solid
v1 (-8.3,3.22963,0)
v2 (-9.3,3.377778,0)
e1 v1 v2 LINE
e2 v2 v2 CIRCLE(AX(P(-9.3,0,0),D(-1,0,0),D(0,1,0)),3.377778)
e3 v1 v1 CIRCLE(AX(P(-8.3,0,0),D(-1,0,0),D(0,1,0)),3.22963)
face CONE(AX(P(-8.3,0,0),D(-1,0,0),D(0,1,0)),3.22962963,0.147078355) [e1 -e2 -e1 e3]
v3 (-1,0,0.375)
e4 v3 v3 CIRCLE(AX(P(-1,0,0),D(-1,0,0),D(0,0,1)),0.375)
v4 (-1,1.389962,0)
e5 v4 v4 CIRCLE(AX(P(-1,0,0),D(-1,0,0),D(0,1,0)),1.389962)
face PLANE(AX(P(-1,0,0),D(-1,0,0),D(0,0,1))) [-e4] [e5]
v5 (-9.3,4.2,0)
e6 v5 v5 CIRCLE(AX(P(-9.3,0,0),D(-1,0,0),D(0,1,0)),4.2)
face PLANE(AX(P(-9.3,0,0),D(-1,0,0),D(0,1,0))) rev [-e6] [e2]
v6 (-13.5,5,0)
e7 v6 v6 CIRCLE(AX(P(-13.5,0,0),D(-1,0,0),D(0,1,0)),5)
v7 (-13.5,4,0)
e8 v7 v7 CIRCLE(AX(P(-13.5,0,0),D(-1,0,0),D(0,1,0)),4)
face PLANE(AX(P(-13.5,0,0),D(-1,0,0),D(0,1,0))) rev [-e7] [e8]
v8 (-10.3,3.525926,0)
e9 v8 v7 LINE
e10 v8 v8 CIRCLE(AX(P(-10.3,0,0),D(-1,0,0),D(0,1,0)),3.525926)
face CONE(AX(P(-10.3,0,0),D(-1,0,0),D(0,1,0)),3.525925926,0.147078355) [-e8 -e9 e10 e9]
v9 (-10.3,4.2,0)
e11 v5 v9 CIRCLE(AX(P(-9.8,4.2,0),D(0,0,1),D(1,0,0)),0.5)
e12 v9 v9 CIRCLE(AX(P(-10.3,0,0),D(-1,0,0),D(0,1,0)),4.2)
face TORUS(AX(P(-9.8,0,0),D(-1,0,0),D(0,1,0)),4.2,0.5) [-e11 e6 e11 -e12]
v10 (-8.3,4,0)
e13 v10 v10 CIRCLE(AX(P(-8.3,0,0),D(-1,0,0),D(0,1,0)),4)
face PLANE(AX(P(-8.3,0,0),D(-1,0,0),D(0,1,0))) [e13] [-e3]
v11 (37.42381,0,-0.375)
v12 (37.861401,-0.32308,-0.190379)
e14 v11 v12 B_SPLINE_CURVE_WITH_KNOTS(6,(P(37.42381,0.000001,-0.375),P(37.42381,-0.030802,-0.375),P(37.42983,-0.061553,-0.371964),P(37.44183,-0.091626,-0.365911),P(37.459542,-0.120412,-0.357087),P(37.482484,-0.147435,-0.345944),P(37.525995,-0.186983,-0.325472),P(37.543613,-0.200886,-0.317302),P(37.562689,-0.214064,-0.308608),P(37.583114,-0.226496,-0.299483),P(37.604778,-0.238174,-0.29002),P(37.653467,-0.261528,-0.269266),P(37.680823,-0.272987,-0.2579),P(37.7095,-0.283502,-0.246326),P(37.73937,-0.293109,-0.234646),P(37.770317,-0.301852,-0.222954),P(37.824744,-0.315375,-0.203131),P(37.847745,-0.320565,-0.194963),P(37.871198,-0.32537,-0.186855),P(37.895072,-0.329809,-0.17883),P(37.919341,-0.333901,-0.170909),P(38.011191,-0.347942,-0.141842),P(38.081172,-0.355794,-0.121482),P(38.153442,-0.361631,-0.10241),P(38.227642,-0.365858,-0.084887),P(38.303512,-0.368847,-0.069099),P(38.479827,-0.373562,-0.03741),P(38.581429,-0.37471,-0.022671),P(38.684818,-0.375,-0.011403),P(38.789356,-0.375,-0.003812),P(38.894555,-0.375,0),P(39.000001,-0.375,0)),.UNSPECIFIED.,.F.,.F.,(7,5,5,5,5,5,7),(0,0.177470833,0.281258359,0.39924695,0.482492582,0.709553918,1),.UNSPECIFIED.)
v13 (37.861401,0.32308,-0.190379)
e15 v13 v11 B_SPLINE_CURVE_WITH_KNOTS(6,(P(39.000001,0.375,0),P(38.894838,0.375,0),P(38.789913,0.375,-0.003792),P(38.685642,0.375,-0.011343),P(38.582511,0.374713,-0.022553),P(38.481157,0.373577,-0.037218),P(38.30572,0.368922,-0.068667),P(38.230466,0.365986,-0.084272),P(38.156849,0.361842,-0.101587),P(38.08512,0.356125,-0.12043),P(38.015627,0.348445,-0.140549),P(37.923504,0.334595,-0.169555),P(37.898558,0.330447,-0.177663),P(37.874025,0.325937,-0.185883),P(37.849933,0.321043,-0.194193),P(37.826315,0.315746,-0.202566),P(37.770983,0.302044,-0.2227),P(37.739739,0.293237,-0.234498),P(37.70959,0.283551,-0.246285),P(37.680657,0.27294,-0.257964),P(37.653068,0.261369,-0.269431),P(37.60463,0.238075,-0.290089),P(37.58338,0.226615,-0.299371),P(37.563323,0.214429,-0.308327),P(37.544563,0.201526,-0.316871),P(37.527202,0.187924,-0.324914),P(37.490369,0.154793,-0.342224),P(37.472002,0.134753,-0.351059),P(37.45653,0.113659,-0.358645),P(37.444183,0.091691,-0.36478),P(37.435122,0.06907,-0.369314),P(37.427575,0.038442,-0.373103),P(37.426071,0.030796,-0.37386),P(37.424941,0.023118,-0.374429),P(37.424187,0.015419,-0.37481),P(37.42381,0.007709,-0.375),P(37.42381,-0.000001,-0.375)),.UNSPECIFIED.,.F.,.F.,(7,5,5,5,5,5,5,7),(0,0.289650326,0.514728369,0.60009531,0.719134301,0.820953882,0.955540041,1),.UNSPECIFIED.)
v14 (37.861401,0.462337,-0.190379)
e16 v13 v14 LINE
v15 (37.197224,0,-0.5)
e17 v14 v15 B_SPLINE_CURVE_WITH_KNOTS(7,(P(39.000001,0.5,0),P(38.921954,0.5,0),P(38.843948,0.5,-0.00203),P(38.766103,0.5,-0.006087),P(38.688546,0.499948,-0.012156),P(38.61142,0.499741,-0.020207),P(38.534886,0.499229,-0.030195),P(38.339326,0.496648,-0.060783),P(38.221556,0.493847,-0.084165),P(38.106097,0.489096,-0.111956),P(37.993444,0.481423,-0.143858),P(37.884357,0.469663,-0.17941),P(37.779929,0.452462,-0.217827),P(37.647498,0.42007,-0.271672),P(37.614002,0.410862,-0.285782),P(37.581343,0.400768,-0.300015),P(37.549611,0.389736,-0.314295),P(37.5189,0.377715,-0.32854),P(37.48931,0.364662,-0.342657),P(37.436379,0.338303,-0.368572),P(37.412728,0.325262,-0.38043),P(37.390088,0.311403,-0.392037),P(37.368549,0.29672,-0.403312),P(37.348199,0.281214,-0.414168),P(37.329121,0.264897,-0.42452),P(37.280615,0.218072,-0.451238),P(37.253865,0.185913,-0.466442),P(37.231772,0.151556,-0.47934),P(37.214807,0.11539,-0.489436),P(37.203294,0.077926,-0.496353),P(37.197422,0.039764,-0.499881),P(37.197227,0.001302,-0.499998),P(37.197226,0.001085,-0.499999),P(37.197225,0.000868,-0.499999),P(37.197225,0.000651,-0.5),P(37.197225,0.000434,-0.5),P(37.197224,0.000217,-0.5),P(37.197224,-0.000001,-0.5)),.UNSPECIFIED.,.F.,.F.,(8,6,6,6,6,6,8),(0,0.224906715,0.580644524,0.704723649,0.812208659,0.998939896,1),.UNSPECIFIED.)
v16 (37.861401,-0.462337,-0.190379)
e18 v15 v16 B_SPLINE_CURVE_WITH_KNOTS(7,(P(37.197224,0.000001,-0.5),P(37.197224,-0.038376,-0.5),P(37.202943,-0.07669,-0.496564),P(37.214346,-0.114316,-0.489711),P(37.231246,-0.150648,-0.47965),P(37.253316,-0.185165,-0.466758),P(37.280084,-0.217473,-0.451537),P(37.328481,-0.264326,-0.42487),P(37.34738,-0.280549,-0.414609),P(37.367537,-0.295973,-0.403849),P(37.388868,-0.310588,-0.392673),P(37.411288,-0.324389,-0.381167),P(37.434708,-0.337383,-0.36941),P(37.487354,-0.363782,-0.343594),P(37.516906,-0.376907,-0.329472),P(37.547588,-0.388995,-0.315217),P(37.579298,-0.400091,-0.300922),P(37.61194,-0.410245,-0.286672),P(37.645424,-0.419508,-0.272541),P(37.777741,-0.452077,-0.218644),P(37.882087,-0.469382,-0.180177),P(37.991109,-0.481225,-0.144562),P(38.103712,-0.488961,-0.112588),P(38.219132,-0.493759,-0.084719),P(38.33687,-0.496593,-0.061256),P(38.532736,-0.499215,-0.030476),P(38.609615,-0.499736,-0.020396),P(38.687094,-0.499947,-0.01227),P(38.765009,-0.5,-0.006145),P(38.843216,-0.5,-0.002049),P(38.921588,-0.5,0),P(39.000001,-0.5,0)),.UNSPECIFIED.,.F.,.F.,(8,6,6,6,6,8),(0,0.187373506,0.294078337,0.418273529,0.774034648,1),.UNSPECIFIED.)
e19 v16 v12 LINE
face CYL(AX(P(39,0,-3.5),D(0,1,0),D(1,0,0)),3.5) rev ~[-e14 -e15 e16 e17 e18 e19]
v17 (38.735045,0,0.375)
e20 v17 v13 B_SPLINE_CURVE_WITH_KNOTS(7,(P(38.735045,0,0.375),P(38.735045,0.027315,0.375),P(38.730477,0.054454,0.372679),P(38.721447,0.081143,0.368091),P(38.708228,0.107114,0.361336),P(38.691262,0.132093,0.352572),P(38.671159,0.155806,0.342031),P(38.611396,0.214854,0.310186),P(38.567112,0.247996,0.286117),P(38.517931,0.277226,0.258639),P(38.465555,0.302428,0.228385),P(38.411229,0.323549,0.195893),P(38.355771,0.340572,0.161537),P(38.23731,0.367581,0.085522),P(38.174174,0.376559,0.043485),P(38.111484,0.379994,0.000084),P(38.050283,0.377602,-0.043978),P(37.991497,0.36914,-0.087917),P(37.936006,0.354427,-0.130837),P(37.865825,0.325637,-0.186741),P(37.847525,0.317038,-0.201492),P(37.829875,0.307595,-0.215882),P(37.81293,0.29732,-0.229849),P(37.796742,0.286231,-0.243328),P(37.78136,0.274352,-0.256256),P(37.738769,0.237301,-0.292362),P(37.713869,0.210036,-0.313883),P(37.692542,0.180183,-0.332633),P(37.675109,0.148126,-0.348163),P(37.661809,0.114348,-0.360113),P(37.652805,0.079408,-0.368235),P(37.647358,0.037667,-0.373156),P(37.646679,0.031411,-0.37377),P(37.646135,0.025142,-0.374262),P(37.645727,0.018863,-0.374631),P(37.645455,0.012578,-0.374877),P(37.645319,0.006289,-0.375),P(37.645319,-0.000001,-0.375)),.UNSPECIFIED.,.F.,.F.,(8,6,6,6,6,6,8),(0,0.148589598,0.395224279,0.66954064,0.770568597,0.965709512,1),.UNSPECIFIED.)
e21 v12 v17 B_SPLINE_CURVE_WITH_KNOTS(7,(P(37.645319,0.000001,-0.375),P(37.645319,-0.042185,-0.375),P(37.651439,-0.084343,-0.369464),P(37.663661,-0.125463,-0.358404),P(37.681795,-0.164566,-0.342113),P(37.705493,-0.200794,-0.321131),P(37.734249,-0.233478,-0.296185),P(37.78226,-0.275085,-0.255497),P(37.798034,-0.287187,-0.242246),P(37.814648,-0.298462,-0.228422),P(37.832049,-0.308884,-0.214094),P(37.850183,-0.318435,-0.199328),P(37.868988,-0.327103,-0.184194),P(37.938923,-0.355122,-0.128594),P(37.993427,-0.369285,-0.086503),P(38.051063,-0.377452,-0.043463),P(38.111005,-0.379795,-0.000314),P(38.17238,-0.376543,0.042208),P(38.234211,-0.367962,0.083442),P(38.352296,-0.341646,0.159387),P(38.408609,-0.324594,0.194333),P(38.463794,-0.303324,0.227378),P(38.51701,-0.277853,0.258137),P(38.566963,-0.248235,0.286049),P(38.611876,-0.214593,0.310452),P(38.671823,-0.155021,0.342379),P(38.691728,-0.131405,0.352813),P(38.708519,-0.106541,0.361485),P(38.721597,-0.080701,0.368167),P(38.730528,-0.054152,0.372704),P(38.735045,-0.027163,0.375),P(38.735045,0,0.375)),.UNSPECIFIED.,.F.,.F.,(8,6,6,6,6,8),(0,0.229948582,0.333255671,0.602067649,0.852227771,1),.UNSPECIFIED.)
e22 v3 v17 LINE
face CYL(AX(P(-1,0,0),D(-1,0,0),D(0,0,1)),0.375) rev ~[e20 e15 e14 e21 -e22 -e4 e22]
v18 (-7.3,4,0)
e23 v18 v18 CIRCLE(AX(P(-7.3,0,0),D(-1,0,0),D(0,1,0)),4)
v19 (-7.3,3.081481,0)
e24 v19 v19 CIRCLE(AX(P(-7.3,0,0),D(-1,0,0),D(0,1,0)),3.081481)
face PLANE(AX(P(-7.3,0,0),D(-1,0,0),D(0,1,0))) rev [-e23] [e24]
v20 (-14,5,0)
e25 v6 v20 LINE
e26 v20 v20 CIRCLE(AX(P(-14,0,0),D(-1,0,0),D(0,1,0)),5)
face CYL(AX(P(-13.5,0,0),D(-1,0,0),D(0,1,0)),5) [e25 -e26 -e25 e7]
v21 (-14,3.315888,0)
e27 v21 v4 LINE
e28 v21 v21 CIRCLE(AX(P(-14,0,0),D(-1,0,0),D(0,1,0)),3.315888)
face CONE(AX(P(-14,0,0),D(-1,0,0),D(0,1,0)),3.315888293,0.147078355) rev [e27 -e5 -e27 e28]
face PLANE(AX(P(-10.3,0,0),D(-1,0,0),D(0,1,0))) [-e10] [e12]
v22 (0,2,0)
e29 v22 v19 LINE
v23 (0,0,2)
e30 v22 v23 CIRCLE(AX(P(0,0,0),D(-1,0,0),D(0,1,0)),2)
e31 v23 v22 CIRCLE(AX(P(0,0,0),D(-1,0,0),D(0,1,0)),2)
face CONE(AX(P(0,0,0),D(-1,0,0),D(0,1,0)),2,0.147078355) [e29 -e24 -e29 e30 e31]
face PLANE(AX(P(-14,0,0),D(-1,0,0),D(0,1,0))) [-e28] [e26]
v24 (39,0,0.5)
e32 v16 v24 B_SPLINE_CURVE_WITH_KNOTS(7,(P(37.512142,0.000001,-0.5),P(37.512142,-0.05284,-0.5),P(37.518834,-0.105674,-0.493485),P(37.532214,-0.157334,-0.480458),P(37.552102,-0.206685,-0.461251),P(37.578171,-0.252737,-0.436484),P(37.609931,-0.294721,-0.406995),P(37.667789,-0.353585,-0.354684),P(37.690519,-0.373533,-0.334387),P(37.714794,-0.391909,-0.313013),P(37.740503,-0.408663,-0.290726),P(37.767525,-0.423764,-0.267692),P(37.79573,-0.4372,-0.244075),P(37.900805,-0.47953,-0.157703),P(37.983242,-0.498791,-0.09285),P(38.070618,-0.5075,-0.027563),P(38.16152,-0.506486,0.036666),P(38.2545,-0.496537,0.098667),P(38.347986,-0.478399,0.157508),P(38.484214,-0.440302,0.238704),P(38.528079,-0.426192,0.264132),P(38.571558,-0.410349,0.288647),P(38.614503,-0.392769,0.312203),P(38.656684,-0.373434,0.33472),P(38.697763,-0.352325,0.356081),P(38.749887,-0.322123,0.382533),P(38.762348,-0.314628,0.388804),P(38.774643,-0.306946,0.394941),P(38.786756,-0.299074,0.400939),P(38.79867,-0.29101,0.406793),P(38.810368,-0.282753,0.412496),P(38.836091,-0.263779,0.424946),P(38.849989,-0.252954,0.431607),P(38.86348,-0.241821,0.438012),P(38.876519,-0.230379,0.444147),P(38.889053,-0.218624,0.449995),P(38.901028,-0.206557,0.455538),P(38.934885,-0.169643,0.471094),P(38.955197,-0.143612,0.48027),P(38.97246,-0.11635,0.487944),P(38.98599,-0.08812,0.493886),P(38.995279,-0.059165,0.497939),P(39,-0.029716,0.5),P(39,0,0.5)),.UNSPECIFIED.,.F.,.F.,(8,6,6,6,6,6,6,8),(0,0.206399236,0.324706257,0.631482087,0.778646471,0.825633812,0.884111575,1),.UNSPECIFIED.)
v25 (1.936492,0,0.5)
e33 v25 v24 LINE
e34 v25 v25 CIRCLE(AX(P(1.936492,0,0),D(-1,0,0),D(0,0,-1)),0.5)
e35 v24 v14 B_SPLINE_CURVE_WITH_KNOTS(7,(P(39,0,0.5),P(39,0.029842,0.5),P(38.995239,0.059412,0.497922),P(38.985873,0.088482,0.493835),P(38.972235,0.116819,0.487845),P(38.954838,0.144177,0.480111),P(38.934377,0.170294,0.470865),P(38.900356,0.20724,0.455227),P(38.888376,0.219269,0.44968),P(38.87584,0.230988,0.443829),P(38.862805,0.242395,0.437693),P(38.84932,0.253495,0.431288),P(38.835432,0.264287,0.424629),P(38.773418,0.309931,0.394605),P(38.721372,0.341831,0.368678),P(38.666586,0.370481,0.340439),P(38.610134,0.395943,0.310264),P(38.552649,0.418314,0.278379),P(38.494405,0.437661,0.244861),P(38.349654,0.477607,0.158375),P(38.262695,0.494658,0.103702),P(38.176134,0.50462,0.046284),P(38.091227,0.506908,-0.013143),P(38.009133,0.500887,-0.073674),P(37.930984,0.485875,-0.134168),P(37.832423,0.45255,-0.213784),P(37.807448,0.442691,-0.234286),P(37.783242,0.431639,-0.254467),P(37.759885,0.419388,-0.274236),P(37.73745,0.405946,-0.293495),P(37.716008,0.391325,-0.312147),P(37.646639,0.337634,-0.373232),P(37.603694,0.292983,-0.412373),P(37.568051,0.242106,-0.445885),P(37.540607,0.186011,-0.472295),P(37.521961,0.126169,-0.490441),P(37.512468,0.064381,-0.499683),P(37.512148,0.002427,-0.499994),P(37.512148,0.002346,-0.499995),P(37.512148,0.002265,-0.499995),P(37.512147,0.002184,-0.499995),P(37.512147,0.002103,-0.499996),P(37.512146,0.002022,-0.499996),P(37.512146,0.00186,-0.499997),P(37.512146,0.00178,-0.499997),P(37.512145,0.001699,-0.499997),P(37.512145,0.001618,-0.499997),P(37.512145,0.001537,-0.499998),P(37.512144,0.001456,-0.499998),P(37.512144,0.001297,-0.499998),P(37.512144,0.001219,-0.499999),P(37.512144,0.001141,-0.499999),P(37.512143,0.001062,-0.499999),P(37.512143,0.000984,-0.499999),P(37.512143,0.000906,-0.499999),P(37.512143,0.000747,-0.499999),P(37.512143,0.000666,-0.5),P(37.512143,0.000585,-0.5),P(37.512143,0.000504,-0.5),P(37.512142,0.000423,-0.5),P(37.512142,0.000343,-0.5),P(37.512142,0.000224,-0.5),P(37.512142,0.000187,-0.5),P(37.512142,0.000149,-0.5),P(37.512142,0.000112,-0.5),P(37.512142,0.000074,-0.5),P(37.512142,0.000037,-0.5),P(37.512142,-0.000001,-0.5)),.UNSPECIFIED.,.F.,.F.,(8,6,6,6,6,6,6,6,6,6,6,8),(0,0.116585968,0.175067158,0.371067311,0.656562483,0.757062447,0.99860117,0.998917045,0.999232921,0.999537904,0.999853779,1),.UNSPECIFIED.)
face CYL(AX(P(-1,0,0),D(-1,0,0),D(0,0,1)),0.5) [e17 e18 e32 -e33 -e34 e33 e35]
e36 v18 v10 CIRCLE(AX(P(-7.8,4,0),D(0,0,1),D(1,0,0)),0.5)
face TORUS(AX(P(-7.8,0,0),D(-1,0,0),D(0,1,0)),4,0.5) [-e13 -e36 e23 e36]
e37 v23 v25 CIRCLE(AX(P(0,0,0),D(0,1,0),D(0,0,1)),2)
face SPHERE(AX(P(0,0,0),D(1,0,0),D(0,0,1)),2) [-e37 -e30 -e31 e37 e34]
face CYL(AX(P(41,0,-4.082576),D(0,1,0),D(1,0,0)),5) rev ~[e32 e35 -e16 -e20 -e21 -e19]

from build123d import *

# Parameters (mm, degrees)
DOME1_FACE_RADIUS       = 2
DOME1_HEIGHT            = 2
SKETCH2_R               = 0.5
CUT_EXTRUDE1_DEPTH      = 4
SKETCH3_R               = 0.5
SKETCH3_R_2             = 0.375
EXTRUDE_THIN1_DEPTH     = 40
SKETCH4_R               = 3.5
CUT_EXTRUDE2_DEPTH      = 6
CUT_EXTRUDE2_DEPTH_BACK = 6
SKETCH6_R               = 5
CUT_EXTRUDE3_DEPTH      = 6
CUT_EXTRUDE3_DEPTH_BACK = 6


with BuildPart() as part:
    # Sketch1 → Revolve1 (revolve)
    with BuildSketch(Plane.XY):
        with BuildLine():
            Line((0, 0), (0, 2))
            Line((0, 2), (-7.3, 3.081481481))
            Line((-7.3, 3.081481481), (-7.3, 4))
            ThreePointArc((-7.3, 4), (-7.8, 4.5), (-8.3, 4))
            Line((-8.3, 4), (-8.3, 3.22962963))
            Line((-8.3, 3.22962963), (-9.3, 3.377777778))
            Line((-9.3, 3.377777778), (-9.3, 4.2))
            ThreePointArc((-9.3, 4.2), (-9.8, 4.7), (-10.3, 4.2))
            Line((-10.3, 4.2), (-10.3, 3.525925926))
            Line((-10.3, 3.525925926), (-13.5, 4))
            Line((-13.5, 4), (-13.5, 5))
            Line((-13.5, 5), (-14, 5))
            Line((-14, 5), (-14, 3.315888293))
            Line((-14, 3.315888293), (-1, 1.389962367))
            Line((-1, 1.389962367), (-1, 0))
            Line((-1, 0), (0, 0))
        make_face()
    revolve(axis=Axis((0, 0, 0), (-1, 0, 0)))

    # Dome1: a dome of height H over a round flat face of radius A is a cap of a sphere of radius (A * A + H * H) / (2 * H)
    dome1_r = (DOME1_FACE_RADIUS * DOME1_FACE_RADIUS + DOME1_HEIGHT * DOME1_HEIGHT) / (2 * DOME1_HEIGHT)
    dome1_base = Plane((0, 0, 0), z_dir=(1, 0, 0))
    with Locations(dome1_base.offset(DOME1_HEIGHT - dome1_r)):
        dome1_ball = Sphere(dome1_r, mode=Mode.PRIVATE)
    add(split(dome1_ball, bisect_by=dome1_base, keep=Keep.TOP, mode=Mode.PRIVATE))

    # Sketch2 → Cut-Extrude1 (cut, through all)
    with BuildSketch(Plane.ZY.offset(1)):
        Circle(SKETCH2_R)
    extrude(amount=-CUT_EXTRUDE1_DEPTH, mode=Mode.SUBTRACT)

    # Sketch3 → Extrude-Thin1 (add)
    with BuildSketch(Plane.ZY.offset(1)):
        Circle(SKETCH3_R)
        Circle(SKETCH3_R_2, mode=Mode.SUBTRACT)
    extrude(amount=-EXTRUDE_THIN1_DEPTH)

    # Sketch4 → Cut-Extrude2 (cut, two sides)
    with BuildSketch(Plane(origin=(0, 0, 0), x_dir=(1, 0, 0), z_dir=(0, 1, 0))) as cut_extrude2_sk:
        with Locations((39, 3.5)):
            Circle(SKETCH4_R)
    extrude(amount=CUT_EXTRUDE2_DEPTH, mode=Mode.SUBTRACT)
    extrude(cut_extrude2_sk.sketch, amount=-CUT_EXTRUDE2_DEPTH_BACK, mode=Mode.SUBTRACT)

    # Sketch6 → Cut-Extrude3 (cut, two sides)
    with BuildSketch(Plane(origin=(0, 0, 0), x_dir=(1, 0, 0), z_dir=(0, 1, 0))) as cut_extrude3_sk:
        with Locations((41, 4.082575695)):
            Circle(SKETCH6_R)
    extrude(amount=CUT_EXTRUDE3_DEPTH, mode=Mode.SUBTRACT)
    extrude(cut_extrude3_sk.sketch, amount=-CUT_EXTRUDE3_DEPTH_BACK, mode=Mode.SUBTRACT)


solid = part.part
